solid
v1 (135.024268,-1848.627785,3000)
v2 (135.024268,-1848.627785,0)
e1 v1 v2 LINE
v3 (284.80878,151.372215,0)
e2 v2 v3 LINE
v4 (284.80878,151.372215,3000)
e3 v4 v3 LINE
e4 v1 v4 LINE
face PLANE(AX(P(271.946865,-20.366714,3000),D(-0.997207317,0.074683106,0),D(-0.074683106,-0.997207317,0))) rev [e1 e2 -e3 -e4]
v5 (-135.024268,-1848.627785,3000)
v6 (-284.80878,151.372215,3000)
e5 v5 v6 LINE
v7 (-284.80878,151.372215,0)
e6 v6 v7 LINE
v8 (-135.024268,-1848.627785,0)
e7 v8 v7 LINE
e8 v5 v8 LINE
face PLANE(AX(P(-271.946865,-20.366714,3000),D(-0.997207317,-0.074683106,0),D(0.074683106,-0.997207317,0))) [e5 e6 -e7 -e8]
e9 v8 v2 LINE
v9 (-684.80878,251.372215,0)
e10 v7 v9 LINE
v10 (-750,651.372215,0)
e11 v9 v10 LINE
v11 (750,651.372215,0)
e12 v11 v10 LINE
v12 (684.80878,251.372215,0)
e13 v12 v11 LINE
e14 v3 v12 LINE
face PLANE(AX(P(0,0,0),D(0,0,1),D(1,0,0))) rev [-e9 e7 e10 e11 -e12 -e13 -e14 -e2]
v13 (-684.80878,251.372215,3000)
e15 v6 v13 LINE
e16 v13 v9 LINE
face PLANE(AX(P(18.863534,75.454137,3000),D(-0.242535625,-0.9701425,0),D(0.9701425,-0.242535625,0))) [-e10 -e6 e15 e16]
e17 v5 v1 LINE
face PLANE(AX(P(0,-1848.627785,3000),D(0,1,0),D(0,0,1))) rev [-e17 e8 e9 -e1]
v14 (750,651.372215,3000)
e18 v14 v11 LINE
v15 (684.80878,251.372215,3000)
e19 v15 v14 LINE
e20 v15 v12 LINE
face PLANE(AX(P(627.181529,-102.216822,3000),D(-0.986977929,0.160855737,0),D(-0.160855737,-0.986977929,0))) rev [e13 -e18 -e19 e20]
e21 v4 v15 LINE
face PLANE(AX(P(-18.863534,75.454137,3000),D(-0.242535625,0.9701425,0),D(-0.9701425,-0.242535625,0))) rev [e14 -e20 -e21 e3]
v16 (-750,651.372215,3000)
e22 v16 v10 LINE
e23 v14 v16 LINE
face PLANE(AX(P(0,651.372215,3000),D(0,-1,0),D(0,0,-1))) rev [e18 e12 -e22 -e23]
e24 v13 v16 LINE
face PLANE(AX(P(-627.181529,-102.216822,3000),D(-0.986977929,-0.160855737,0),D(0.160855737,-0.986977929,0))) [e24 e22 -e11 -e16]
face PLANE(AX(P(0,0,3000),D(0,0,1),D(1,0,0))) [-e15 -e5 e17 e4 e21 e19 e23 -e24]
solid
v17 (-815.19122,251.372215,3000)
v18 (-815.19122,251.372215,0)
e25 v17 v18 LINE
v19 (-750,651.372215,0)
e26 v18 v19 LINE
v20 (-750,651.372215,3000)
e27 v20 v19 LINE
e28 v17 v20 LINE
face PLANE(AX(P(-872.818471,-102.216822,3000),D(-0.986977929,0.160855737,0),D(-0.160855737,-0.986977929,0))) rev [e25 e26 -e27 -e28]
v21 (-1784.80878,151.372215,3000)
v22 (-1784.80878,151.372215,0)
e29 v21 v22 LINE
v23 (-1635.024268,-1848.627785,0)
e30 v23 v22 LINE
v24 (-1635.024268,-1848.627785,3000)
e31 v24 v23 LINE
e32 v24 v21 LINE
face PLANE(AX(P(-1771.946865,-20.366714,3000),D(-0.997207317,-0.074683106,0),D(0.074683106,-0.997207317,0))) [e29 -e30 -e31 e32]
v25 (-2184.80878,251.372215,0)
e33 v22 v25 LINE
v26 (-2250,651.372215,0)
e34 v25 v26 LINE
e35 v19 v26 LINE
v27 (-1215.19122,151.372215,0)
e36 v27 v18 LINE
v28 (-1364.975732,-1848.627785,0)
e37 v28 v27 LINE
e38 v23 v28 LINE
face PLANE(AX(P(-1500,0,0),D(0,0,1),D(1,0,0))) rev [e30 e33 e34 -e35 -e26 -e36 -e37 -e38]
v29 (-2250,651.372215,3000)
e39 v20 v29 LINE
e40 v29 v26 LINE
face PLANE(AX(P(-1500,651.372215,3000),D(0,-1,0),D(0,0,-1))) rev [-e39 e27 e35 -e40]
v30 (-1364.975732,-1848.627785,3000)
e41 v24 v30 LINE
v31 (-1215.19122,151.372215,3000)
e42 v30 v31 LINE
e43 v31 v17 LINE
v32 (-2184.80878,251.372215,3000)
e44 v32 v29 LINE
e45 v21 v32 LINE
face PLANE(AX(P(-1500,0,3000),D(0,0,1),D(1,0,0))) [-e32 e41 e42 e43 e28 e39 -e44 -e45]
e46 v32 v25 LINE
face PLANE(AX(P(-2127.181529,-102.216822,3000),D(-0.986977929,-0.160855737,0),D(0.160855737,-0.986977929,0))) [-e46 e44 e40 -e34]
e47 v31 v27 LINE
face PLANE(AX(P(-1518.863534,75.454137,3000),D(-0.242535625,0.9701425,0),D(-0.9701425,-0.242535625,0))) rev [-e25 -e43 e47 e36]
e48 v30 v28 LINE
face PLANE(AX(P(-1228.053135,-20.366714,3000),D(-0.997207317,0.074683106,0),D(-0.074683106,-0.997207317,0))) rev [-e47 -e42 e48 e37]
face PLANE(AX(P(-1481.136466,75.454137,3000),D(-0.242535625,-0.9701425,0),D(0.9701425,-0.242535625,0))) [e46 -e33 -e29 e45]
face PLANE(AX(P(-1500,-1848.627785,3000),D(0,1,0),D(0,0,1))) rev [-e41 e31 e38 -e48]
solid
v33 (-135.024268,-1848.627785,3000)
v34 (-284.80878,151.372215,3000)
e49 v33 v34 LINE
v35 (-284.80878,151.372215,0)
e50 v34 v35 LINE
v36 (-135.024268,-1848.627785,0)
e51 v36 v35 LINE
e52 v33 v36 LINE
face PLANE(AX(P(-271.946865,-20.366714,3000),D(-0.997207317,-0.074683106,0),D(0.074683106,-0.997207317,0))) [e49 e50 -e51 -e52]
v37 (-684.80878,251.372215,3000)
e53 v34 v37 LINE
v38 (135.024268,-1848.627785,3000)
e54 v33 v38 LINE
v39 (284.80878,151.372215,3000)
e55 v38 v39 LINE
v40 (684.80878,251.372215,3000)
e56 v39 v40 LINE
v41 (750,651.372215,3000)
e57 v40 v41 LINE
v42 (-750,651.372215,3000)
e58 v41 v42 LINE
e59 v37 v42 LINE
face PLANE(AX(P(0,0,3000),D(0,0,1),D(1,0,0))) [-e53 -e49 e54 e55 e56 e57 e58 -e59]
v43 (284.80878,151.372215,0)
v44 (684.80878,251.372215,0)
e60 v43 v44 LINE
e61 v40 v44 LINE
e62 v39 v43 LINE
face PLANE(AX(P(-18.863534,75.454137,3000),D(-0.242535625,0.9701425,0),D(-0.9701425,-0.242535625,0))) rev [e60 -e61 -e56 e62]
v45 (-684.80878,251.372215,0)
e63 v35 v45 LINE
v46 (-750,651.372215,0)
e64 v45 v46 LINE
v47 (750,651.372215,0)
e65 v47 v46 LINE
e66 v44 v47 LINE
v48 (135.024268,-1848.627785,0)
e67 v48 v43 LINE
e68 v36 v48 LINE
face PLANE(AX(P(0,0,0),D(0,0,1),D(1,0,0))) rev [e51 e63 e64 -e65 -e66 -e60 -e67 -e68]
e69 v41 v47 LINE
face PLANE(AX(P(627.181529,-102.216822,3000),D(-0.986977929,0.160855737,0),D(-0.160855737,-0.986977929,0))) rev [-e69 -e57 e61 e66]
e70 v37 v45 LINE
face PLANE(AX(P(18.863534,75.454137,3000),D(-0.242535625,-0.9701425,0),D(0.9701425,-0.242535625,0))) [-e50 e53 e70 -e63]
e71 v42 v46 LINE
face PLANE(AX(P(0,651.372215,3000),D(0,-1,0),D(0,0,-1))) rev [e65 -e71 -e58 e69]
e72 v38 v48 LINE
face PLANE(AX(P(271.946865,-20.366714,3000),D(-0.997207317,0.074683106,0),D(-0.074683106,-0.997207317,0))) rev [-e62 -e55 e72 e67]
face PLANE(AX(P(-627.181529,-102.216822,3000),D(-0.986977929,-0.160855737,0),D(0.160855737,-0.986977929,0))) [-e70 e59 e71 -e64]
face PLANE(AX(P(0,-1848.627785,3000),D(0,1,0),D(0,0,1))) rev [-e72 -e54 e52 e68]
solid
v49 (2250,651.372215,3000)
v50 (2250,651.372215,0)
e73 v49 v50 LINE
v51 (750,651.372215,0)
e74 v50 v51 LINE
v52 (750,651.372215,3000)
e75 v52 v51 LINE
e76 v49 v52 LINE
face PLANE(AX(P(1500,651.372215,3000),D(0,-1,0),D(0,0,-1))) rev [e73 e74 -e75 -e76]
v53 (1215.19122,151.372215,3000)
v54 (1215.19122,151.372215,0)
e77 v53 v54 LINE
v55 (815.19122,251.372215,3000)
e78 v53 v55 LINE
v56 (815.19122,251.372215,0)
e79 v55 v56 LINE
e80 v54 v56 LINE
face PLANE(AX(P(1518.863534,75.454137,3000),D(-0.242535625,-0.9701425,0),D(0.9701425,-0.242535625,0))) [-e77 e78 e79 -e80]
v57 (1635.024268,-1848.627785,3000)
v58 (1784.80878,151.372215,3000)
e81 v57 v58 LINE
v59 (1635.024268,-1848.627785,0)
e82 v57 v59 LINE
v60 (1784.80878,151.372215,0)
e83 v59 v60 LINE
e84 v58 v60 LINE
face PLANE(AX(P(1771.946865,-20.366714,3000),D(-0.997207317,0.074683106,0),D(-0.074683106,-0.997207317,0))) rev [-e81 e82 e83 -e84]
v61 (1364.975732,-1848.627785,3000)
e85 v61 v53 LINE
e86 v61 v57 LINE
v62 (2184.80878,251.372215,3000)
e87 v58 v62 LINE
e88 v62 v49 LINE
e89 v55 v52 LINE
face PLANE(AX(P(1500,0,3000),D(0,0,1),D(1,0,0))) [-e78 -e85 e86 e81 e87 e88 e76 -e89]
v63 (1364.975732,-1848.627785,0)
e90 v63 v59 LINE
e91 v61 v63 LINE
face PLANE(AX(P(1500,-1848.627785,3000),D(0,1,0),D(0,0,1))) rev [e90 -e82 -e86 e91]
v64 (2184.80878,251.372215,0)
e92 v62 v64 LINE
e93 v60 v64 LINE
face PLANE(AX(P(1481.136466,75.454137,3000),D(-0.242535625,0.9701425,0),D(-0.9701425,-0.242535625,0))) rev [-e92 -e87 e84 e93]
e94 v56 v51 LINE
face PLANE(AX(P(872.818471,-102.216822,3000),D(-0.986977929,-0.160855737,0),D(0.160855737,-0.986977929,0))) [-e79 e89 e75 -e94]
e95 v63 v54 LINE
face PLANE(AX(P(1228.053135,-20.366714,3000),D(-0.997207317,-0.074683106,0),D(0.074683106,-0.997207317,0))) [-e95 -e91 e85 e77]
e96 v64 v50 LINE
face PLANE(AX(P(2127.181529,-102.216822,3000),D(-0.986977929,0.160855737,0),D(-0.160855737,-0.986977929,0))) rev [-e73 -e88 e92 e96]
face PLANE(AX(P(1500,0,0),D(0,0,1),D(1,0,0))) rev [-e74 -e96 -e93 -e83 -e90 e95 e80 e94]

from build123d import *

# Parameters (mm, degrees)
BOSS_EXTRUDE1_DEPTH = 3000
LPATTERN1_COUNT     = 2
LPATTERN1_PITCH     = 1500
LPATTERN1_2_COUNT   = 2
LPATTERN1_2_PITCH   = 1500


with BuildPart() as part:
    # Sketch1 → Boss-Extrude1 (new body)
    with BuildSketch(Plane.XY):
        Polygon((-284.808780443, 151.37221549), (-135.024268123, -1848.62778451), (0, -1848.62778451), (0, 651.37221549), (-750, 651.37221549), (-684.808780443, 251.37221549), align=None)
        Polygon((0, 651.37221549), (0, -1848.62778451), (135.024268123, -1848.62778451), (284.808780443, 151.37221549), (684.808780443, 251.37221549), (750, 651.37221549), align=None)
    extrude(amount=BOSS_EXTRUDE1_DEPTH)


with BuildPart() as lpattern1_1:
    # LPattern1: pattern copy
    add(part.part.moved(Location(Vector(1, 0, 0) * (1 * LPATTERN1_PITCH))))


with BuildPart() as lpattern1_2_1:
    # LPattern1 2: pattern copy
    add(part.part.moved(Location(Vector(-1, 0, 0) * (1 * LPATTERN1_2_PITCH))))


with BuildPart() as lpattern1_2_2:
    # LPattern1 2: pattern copy
    add(lpattern1_1.part.moved(Location(Vector(-1, 0, 0) * (1 * LPATTERN1_2_PITCH))))


solid = Compound([part.part, lpattern1_1.part, lpattern1_2_1.part, lpattern1_2_2.part])
